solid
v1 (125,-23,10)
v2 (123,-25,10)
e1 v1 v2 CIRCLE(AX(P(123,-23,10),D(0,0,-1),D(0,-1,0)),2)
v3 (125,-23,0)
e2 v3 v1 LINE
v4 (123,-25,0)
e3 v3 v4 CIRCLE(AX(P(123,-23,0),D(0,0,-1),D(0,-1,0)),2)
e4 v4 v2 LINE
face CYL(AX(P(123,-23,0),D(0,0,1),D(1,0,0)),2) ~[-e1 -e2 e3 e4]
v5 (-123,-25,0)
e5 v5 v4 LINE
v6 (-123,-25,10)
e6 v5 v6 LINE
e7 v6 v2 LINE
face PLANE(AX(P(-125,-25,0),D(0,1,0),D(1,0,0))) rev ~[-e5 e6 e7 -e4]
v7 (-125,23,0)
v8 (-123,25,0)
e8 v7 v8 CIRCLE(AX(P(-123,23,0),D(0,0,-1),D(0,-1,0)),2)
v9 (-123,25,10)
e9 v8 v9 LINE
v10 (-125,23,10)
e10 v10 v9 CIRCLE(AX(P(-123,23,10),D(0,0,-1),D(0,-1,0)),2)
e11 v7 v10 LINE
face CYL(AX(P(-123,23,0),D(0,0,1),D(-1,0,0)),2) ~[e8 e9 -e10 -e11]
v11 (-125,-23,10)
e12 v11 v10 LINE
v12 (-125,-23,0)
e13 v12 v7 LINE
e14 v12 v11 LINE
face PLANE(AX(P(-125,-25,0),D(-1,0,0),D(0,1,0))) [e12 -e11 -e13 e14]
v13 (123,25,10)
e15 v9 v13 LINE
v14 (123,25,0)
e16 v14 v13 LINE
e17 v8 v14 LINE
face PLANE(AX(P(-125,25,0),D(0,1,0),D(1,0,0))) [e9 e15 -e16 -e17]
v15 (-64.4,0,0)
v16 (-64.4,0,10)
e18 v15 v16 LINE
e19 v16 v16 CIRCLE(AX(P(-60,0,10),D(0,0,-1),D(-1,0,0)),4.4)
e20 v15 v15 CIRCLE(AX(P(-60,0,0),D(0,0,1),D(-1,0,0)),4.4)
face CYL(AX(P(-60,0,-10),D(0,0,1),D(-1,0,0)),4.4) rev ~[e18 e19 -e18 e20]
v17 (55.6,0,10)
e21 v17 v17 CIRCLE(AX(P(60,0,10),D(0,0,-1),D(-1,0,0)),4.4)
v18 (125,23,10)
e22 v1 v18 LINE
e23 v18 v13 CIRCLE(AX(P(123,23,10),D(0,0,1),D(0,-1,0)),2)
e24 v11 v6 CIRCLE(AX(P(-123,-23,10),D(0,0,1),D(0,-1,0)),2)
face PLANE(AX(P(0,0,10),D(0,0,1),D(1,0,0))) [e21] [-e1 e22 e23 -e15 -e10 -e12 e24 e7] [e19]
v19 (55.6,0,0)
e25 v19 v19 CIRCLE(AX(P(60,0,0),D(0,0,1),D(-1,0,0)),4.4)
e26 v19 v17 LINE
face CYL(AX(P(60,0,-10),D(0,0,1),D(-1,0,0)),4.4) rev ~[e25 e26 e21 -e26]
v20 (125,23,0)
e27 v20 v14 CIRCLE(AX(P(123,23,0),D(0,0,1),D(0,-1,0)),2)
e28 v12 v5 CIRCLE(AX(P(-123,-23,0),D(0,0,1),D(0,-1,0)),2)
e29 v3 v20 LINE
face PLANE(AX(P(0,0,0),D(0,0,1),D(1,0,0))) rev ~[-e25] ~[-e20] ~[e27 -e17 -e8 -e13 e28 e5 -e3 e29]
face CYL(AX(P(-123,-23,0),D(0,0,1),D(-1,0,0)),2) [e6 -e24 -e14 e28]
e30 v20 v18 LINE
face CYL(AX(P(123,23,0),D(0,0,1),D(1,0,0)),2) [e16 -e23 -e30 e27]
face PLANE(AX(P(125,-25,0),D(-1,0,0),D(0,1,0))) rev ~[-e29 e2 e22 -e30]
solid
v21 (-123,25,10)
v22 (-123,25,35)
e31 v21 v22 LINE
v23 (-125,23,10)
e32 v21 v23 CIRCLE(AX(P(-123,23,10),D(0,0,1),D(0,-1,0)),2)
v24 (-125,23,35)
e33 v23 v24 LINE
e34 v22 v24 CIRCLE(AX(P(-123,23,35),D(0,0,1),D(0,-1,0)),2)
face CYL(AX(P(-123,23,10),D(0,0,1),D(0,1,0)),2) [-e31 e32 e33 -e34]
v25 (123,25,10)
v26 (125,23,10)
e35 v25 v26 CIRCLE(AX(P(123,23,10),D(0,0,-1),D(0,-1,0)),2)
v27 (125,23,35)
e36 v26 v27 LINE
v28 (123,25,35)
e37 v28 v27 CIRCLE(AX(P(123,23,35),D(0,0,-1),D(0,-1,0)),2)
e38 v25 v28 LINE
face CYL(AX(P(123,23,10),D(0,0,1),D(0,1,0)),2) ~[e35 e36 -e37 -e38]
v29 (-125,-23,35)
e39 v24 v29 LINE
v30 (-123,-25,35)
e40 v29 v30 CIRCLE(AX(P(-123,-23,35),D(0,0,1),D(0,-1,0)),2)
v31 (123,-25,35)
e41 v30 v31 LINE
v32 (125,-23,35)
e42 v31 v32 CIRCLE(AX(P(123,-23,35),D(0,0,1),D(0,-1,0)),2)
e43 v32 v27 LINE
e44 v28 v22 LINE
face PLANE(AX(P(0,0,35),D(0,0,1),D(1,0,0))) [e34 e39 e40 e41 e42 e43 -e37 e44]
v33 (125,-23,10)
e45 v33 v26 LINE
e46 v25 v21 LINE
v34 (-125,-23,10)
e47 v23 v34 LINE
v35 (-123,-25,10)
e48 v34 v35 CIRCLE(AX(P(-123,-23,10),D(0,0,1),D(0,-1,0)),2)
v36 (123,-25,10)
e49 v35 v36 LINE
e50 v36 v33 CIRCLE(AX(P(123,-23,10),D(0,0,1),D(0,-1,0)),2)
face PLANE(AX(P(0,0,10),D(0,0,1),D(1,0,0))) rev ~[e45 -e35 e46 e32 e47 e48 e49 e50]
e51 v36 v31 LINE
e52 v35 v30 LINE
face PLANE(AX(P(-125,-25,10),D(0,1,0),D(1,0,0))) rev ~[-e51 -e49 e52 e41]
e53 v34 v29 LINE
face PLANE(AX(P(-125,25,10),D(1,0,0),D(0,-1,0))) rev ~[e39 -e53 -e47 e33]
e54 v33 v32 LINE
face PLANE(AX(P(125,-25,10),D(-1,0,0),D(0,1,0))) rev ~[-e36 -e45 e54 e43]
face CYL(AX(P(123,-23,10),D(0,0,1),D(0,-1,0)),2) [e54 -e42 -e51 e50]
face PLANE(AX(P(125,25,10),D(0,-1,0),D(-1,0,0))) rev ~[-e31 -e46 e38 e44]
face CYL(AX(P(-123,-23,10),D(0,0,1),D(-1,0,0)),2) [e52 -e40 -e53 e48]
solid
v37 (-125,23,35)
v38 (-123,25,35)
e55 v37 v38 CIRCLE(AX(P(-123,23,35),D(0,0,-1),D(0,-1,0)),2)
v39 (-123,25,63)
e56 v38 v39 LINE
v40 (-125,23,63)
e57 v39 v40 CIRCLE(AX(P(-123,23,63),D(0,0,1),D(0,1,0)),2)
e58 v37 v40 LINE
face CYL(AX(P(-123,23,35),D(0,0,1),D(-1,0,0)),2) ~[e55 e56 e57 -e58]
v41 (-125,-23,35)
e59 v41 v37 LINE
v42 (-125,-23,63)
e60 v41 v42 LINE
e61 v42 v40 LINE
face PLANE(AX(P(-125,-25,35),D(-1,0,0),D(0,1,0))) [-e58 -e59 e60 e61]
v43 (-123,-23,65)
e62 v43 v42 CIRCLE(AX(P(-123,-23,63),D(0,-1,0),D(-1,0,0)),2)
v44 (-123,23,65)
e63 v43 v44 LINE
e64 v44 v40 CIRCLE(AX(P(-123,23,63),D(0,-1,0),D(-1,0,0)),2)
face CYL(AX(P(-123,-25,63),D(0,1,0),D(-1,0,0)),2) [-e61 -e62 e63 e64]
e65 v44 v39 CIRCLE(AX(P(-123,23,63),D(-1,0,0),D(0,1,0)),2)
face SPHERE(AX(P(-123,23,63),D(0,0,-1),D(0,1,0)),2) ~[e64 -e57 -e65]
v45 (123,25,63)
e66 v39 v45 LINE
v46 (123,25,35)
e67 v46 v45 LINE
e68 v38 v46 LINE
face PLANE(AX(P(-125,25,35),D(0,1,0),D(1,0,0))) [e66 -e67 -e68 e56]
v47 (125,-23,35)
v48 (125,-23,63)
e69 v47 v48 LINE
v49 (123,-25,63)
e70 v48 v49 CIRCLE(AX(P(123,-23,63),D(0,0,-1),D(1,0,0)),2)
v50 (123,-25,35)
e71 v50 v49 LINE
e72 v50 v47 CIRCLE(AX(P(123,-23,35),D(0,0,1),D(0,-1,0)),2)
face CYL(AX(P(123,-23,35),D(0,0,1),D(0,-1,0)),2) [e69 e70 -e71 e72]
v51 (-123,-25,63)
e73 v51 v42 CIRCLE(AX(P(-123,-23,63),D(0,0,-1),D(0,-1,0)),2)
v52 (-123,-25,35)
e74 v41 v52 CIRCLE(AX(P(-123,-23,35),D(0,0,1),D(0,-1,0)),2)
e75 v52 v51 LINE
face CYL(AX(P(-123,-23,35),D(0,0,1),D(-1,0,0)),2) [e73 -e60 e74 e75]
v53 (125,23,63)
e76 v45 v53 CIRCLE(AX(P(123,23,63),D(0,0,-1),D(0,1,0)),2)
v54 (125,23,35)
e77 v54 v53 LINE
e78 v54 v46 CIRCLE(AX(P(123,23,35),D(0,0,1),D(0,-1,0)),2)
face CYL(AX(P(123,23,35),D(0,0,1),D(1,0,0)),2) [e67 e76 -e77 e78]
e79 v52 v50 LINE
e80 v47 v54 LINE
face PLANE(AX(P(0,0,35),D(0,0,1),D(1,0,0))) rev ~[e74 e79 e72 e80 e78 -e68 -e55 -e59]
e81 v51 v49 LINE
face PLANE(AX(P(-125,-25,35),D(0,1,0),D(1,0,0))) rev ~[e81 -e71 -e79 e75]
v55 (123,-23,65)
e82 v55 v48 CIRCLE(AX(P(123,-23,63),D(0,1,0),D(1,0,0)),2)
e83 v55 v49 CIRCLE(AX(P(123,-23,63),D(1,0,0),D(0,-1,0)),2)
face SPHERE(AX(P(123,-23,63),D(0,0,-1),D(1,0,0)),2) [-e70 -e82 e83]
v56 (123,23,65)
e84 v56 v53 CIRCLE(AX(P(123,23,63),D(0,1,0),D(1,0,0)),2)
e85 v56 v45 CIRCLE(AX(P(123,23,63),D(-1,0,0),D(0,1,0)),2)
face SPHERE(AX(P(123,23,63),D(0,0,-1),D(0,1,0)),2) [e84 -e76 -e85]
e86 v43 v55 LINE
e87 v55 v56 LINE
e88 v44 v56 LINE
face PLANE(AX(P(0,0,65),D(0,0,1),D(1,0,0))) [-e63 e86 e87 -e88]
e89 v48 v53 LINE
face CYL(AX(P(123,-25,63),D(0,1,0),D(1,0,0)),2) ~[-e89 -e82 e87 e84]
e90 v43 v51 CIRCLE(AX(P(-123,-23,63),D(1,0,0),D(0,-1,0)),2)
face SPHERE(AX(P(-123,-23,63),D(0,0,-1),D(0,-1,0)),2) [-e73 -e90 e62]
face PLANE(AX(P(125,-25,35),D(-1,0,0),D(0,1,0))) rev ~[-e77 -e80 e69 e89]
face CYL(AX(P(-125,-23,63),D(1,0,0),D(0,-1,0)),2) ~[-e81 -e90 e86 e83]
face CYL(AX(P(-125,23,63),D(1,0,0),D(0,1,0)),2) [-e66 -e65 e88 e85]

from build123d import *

# Parameters (mm, degrees)
F0_W     = 250
F0_H     = 50
F1_DEPTH = 10
F3_DEPTH = 25
F5_D     = 8.8
F5_DEPTH = 10
F5_TIP   = 2.6437867237
F4_W     = 250
F4_H     = 50
F6_DEPTH = 30
F7_R     = 2
F7_2_R   = 2
F7_3_R   = 2


with BuildPart() as f1:
    # F0 (on Top) → F1 (new body)
    with BuildSketch(Plane.XY):
        Rectangle(F0_W, F0_H)
    extrude(amount=F1_DEPTH)

    # F5
    with Locations(Plane(origin=(0, 0, 0), x_dir=(1, 0, 0), z_dir=(0, 0, -1))):
        with Locations((-60, 0), (60, 0)):
            Hole(F5_D / 2, depth=F5_DEPTH)
            with Locations((0, 0, -(F5_DEPTH + F5_TIP / 2))):  # 118° drill point
                Cone(0, F5_D / 2, F5_TIP, mode=Mode.SUBTRACT)

    # F7
    f7_edges = [f1.edges().sort_by_distance(p)[0] for p in [
        (-125, -25, 5),
        (-125, 25, 5),
        (125, 25, 5),
        (125, -25, 5),
    ]]
    fillet(f7_edges, radius=F7_R)


with BuildPart() as f3:
    # F2 (on face) → F3 (new body)
    with BuildSketch(Plane.XY.offset(10)):
        Polygon((125, 25), (-125, 25), (-125, -25), (-119.9850216508, -25), (125, -25), align=None)
    extrude(amount=F3_DEPTH)

    # F7#2
    f7_2_edges = [f3.edges().sort_by_distance(p)[0] for p in [
        (-125, -25, 22.5),
        (-125, 25, 22.5),
        (125, -25, 22.5),
        (125, 25, 22.5),
    ]]
    fillet(f7_2_edges, radius=F7_2_R)


with BuildPart() as f6:
    # F4 (on face) → F6 (new body)
    with BuildSketch(Plane.XY.offset(35)):
        Rectangle(F4_W, F4_H)
    extrude(amount=F6_DEPTH)

    # F7#3
    f7_3_edges = [f6.edges().sort_by_distance(p)[0] for p in [
        (-125, -25, 50),
        (-125, 25, 50),
        (125, -25, 50),
        (125, 25, 50),
        (0, 25, 65),
        (125, 0, 65),
        (0, -25, 65),
        (-125, 0, 65),
    ]]
    fillet(f7_3_edges, radius=F7_3_R)


solid = Compound([f1.part, f3.part, f6.part])
